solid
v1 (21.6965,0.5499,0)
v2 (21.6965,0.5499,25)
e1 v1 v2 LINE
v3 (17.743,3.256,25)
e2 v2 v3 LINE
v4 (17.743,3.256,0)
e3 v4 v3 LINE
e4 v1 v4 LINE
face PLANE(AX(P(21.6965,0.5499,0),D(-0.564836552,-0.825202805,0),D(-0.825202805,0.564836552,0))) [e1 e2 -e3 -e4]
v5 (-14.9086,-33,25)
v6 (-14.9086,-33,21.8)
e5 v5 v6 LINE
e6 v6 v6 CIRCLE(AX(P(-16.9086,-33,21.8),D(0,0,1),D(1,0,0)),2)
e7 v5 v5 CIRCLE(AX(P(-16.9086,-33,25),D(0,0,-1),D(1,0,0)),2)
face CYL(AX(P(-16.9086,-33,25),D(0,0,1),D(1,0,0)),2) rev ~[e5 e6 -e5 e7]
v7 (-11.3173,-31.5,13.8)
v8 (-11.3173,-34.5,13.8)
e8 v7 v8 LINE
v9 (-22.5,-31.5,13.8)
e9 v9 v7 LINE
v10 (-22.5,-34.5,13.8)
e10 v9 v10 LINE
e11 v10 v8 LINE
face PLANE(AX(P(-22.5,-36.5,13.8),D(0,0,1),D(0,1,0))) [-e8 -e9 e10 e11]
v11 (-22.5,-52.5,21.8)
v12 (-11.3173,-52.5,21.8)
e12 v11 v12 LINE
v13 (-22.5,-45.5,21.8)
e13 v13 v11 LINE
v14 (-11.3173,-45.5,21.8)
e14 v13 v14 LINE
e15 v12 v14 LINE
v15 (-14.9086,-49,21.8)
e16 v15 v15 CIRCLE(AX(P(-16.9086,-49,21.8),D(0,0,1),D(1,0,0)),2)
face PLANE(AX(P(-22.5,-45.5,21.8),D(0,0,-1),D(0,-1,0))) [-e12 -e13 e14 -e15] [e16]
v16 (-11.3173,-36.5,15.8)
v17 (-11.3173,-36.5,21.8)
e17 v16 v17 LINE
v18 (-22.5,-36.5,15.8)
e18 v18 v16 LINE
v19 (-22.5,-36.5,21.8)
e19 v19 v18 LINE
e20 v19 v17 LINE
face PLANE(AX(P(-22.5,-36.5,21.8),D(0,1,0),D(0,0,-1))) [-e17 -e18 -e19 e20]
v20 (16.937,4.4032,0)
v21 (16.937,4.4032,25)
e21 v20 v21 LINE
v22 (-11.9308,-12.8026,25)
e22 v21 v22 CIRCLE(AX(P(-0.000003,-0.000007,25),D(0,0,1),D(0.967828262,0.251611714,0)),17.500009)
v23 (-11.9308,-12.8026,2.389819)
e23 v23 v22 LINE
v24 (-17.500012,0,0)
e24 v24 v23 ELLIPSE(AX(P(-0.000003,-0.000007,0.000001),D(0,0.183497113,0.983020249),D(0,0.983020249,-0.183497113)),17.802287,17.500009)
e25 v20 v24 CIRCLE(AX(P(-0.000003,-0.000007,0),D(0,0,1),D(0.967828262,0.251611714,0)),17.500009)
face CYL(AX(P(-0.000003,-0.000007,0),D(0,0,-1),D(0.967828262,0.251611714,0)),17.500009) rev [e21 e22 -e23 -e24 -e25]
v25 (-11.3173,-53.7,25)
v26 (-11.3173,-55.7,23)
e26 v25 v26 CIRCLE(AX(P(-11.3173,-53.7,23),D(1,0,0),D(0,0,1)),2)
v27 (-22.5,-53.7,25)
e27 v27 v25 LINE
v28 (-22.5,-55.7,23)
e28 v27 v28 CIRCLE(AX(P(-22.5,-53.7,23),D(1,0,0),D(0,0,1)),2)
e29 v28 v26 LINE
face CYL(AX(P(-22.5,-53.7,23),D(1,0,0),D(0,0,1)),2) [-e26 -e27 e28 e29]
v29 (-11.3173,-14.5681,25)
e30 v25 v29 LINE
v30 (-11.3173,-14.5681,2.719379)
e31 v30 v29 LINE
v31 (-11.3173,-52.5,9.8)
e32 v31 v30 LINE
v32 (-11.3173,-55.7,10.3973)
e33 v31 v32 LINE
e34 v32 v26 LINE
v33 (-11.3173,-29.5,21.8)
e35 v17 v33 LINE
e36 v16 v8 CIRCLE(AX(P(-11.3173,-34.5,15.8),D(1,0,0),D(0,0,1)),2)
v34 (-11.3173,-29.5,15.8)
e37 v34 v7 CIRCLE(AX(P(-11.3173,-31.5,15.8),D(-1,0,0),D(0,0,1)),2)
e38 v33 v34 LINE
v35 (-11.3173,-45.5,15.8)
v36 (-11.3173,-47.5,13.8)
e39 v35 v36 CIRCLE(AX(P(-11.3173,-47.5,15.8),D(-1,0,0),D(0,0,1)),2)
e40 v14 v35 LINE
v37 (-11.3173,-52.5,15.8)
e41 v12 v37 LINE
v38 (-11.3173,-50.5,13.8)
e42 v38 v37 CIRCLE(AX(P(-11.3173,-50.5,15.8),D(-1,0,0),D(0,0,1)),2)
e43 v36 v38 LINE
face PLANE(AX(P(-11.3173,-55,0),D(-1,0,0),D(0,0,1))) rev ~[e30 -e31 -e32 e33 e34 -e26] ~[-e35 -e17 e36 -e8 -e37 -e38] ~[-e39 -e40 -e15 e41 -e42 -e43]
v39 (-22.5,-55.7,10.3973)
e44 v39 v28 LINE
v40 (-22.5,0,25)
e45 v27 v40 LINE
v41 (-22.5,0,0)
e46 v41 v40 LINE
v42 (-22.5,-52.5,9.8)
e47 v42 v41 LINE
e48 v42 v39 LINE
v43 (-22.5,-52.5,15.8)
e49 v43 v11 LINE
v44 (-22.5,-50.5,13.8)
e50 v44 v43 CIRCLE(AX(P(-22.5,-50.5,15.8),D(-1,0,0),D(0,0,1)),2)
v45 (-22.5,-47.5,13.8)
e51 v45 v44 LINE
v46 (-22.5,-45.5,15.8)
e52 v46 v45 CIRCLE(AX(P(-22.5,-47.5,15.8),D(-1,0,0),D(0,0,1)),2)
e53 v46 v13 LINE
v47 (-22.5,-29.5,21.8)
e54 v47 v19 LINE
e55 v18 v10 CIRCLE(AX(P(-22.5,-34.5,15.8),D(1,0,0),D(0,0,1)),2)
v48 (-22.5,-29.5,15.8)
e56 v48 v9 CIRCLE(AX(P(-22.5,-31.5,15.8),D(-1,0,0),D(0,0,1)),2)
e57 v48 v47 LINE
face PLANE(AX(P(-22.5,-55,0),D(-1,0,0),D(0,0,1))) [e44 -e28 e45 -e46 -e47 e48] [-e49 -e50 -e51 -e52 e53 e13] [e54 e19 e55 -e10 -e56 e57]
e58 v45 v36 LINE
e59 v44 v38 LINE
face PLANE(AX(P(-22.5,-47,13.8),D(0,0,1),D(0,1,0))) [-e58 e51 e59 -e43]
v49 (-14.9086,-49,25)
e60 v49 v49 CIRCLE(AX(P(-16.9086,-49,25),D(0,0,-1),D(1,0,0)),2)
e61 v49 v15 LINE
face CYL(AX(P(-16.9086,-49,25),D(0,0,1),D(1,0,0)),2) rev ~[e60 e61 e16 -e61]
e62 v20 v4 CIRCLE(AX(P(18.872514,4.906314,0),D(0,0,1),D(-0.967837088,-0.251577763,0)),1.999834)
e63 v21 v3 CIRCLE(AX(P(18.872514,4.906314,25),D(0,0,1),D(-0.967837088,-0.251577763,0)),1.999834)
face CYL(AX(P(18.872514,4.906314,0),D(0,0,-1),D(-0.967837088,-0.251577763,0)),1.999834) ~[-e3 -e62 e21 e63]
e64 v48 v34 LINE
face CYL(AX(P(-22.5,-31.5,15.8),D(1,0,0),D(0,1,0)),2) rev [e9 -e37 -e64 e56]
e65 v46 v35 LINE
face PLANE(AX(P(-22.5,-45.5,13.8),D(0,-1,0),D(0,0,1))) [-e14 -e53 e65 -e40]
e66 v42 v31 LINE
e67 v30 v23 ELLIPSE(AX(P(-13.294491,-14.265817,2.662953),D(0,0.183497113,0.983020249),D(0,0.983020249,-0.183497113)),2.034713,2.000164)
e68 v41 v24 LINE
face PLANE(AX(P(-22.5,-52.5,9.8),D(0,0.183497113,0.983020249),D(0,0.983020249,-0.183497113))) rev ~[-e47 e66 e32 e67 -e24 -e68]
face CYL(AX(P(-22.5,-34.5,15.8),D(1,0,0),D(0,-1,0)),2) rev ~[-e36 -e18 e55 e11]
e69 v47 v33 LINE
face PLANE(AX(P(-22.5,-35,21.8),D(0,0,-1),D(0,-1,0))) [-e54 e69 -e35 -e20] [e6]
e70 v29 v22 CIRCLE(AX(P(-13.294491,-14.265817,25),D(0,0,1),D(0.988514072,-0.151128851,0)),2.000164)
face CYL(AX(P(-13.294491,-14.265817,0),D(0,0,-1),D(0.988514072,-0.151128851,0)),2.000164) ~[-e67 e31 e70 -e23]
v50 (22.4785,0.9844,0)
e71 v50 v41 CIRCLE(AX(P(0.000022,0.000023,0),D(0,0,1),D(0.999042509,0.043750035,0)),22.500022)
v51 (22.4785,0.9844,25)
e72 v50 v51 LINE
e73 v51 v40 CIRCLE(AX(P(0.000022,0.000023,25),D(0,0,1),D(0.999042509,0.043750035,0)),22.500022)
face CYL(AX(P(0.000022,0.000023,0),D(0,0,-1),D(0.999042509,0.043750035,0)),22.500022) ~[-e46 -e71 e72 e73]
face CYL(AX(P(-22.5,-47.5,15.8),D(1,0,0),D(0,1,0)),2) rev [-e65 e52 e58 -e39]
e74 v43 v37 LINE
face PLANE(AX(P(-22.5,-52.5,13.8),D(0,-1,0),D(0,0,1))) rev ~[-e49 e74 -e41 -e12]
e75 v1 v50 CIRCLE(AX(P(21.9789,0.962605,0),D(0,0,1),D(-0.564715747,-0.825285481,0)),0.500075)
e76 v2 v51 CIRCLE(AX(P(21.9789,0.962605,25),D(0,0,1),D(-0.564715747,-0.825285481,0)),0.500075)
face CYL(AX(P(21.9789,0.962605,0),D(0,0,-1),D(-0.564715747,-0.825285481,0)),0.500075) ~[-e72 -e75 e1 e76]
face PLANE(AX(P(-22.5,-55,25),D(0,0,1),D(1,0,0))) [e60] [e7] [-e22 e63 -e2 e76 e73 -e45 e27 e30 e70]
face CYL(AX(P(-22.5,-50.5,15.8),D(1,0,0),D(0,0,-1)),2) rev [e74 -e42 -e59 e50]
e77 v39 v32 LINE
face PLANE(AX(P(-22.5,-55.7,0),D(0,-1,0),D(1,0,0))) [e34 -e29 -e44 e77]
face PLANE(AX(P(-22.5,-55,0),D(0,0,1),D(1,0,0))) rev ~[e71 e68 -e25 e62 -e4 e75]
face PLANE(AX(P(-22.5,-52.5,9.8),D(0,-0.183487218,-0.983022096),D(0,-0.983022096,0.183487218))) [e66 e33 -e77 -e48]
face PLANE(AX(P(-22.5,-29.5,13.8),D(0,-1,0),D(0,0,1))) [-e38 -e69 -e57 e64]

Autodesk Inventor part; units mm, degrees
ref_plane "YZ Plane" through (0, 0, 0) normal (1, 0, 0) x (0, 1, 0)
ref_plane "XZ Plane" through (0, 0, 0) normal (0, 1, 0) x (-1, 0, 0)
ref_plane "XY Plane" through (0, 0, 0) normal (0, 0, 1) x (1, 0, 0)
sketch "Эскиз1" plane through (0, 0, 0) normal (0, 0, 1) x (1, 0, 0)
  arc A0 (16.937, 4.4032) -> (-11.9308, -12.8026) centre (0, 0) ccw
  arc A1 (22.4785, 0.9844) -> (-22.5, 0) centre (0, 0) ccw
  line L0 (-22.5, 0) -> (-22.5, -55)
  line L1 (-22.5, 0) -> (32.5, 0) construction
  line L2 (-22.5, -55) -> (-17.5, -55)
  line L3 (21.6965, 0.5499) -> (17.743, 3.256)
  arc A2 (-11.3173, -14.5681) -> (-11.9308, -12.8026) centre (-13.2943, -14.2658) ccw
  arc A3 (16.937, 4.4032) -> (17.743, 3.256) centre (18.8727, 4.9064) ccw
  arc A4 (21.6965, 0.5499) -> (22.4785, 0.9844) centre (21.9789, 0.9626) ccw
  line L4 (-11.3173, -14.5681) -> (-11.3173, -55)
  line L5 (-11.3173, -55) -> (-17.5, -55)
  point P0 (22.5, 0)
  point P1 (-11.1519, -13.4865)
  point P2 (17.1061, 3.6919)
  dimension "d0" = 35
  dimension "d1" = 45
  dimension "d2" = 55
  dimension "d3" = 90
  dimension "d4" = 5
  dimension "d5" = 2
  dimension "d6" = 0.5
extrude "Выдавливание1" add sketch "Эскиз1" along normal blind 25
sketch "Эскиз2" plane through (0, 0, 25) normal (0, 0, 1) x (1, 0, 0)
  line L0 (-22.5, -55) -> (-11.3173, -55) projected
  line L1 (-16.9086, -55) -> (-16.9086, -49)
  circle A0 centre (-16.9086, -49) radius 2
  line L2 (-16.9086, -49) -> (-16.9086, -33)
  circle A1 centre (-16.9086, -33) radius 2
  point P0 (0, 0)
  dimension "d9" = 6
  dimension "d10" = 4
  dimension "d11" = 16
  dimension "d12" = 4
extrude "Выдавливание2" cut sketch "Эскиз2" against normal blind 10
sketch "Эскиз3" plane through (-22.5, -55, 0) normal (-1, 0, 0) x (0, 0, 1)
  line L0 (25, 24) -> (25, 20) projected
  line L1 (25, 8) -> (25, 4) projected
  line L2 (25, 20) -> (25, 18.5)
  line L3 (25, 8) -> (25, 11)
  line L4 (0, 55) -> (0, 0) projected
  line L5 (25, 18.5) -> (0, 18.5)
  line L6 (0, 18.5) -> (0, 9.5)
  line L7 (0, 9.5) -> (25, 9.5)
  line L8 (25, 9.5) -> (25, 18.5)
  line L9 (21.8, 18.5) -> (21.8, 9.5)
  line L10 (21.8, 18.5) -> (13.8, 18.5)
  line L11 (13.8, 18.5) -> (13.8, 9.5)
  line L12 (21.8, 9.5) -> (13.8, 9.5)
  line L13 (25, 24) -> (25, 25.5)
  line L14 (21.8, 18.5) -> (13.8, 18.5)
  line L15 (25, 24) -> (25, 4)
  line L16 (25, 14) -> (-3.5354, 14)
  line L17 (21.8, 9.5) -> (13.8, 9.5)
  line L18 (25, 4) -> (25, 2.5)
  line L19 (25, 20) -> (15, 20) projected
  line L20 (21.8, 20) -> (13.8, 20)
  line L21 (13.8, 20) -> (13.8, 25.5)
  line L22 (13.8, 25.5) -> (21.8, 25.5)
  line L23 (21.8, 25.5) -> (21.8, 20)
  line L24 (21.8, 8) -> (13.8, 8)
  line L25 (13.8, 8) -> (13.8, 2.5)
  line L26 (13.8, 2.5) -> (21.8, 2.5)
  line L27 (21.8, 2.5) -> (21.8, 8)
  line L28 (21.8, 18.5) -> (13.8, 18.5)
  line L29 (13.8, 18.5) -> (13.8, 20)
  line L30 (13.8, 20) -> (21.8, 20)
  line L31 (21.8, 20) -> (21.8, 18.5)
  line L32 (21.8, 8) -> (13.8, 8)
  line L33 (13.8, 8) -> (13.8, 9.5)
  line L34 (13.8, 9.5) -> (21.8, 9.5)
  line L35 (21.8, 9.5) -> (21.8, 8)
  point P0 (15, 8)
  point P1 (21.8, 9.5)
  point P2 (13.8, 9.5)
  dimension "d15" = 1.5
  dimension "d16" = 3
  dimension "d18" = 8
  dimension "d21" = 1.5
extrude "Выдавливание3" cut sketch "Эскиз3" against normal through all contours L31 L5 L29 L20 L19 | L19 L20 L21 L22 L23 | L35 L24 L33 L7 | L27 L26 L25 L24
sketch "Эскиз4" plane through (-22.5, -55, 0) normal (0, -1, 0) x (1, 0, 0)
  line L0 (0, 0) -> (11.1827, 0) projected
  line L1 (11.1827, 0) -> (11.1827, 25) projected
  line L2 (0, 25) -> (11.1827, 25) projected
  line L3 (0, 0) -> (0, 25) projected
  point P0 (22.5, 0)
extrude "Выдавливание4" add sketch "Эскиз4" along normal blind 0.7
sketch "Эскиз5" plane through (-22.5, 0, 0) normal (-1, 0, 0) x (0, 0, 1)
  line L0 (13.8, -52.5) -> (21.8, -52.5) projected
  line L1 (0, 0) -> (0, -55.7) projected
  line L2 (9.8, -52.5) -> (0, 0)
  line L3 (25, -55.7) -> (0, -55.7) projected
  line L4 (9.8, -52.5) -> (10.3973, -55.7)
  dimension "d24" = 4
extrude "Выдавливание5" cut sketch "Эскиз5" against normal through all
fillet "Сопряжение1" radius 2 4 edges at (-16.9086, -36.5, 13.8) (-16.9086, -29.5, 13.8) (-16.9086, -52.5, 13.8) (-16.9086, -45.5, 13.8)
fillet "Сопряжение2" radius 2 1 edges at (-16.9086, -55.7, 25)
properties part number "крюк"
